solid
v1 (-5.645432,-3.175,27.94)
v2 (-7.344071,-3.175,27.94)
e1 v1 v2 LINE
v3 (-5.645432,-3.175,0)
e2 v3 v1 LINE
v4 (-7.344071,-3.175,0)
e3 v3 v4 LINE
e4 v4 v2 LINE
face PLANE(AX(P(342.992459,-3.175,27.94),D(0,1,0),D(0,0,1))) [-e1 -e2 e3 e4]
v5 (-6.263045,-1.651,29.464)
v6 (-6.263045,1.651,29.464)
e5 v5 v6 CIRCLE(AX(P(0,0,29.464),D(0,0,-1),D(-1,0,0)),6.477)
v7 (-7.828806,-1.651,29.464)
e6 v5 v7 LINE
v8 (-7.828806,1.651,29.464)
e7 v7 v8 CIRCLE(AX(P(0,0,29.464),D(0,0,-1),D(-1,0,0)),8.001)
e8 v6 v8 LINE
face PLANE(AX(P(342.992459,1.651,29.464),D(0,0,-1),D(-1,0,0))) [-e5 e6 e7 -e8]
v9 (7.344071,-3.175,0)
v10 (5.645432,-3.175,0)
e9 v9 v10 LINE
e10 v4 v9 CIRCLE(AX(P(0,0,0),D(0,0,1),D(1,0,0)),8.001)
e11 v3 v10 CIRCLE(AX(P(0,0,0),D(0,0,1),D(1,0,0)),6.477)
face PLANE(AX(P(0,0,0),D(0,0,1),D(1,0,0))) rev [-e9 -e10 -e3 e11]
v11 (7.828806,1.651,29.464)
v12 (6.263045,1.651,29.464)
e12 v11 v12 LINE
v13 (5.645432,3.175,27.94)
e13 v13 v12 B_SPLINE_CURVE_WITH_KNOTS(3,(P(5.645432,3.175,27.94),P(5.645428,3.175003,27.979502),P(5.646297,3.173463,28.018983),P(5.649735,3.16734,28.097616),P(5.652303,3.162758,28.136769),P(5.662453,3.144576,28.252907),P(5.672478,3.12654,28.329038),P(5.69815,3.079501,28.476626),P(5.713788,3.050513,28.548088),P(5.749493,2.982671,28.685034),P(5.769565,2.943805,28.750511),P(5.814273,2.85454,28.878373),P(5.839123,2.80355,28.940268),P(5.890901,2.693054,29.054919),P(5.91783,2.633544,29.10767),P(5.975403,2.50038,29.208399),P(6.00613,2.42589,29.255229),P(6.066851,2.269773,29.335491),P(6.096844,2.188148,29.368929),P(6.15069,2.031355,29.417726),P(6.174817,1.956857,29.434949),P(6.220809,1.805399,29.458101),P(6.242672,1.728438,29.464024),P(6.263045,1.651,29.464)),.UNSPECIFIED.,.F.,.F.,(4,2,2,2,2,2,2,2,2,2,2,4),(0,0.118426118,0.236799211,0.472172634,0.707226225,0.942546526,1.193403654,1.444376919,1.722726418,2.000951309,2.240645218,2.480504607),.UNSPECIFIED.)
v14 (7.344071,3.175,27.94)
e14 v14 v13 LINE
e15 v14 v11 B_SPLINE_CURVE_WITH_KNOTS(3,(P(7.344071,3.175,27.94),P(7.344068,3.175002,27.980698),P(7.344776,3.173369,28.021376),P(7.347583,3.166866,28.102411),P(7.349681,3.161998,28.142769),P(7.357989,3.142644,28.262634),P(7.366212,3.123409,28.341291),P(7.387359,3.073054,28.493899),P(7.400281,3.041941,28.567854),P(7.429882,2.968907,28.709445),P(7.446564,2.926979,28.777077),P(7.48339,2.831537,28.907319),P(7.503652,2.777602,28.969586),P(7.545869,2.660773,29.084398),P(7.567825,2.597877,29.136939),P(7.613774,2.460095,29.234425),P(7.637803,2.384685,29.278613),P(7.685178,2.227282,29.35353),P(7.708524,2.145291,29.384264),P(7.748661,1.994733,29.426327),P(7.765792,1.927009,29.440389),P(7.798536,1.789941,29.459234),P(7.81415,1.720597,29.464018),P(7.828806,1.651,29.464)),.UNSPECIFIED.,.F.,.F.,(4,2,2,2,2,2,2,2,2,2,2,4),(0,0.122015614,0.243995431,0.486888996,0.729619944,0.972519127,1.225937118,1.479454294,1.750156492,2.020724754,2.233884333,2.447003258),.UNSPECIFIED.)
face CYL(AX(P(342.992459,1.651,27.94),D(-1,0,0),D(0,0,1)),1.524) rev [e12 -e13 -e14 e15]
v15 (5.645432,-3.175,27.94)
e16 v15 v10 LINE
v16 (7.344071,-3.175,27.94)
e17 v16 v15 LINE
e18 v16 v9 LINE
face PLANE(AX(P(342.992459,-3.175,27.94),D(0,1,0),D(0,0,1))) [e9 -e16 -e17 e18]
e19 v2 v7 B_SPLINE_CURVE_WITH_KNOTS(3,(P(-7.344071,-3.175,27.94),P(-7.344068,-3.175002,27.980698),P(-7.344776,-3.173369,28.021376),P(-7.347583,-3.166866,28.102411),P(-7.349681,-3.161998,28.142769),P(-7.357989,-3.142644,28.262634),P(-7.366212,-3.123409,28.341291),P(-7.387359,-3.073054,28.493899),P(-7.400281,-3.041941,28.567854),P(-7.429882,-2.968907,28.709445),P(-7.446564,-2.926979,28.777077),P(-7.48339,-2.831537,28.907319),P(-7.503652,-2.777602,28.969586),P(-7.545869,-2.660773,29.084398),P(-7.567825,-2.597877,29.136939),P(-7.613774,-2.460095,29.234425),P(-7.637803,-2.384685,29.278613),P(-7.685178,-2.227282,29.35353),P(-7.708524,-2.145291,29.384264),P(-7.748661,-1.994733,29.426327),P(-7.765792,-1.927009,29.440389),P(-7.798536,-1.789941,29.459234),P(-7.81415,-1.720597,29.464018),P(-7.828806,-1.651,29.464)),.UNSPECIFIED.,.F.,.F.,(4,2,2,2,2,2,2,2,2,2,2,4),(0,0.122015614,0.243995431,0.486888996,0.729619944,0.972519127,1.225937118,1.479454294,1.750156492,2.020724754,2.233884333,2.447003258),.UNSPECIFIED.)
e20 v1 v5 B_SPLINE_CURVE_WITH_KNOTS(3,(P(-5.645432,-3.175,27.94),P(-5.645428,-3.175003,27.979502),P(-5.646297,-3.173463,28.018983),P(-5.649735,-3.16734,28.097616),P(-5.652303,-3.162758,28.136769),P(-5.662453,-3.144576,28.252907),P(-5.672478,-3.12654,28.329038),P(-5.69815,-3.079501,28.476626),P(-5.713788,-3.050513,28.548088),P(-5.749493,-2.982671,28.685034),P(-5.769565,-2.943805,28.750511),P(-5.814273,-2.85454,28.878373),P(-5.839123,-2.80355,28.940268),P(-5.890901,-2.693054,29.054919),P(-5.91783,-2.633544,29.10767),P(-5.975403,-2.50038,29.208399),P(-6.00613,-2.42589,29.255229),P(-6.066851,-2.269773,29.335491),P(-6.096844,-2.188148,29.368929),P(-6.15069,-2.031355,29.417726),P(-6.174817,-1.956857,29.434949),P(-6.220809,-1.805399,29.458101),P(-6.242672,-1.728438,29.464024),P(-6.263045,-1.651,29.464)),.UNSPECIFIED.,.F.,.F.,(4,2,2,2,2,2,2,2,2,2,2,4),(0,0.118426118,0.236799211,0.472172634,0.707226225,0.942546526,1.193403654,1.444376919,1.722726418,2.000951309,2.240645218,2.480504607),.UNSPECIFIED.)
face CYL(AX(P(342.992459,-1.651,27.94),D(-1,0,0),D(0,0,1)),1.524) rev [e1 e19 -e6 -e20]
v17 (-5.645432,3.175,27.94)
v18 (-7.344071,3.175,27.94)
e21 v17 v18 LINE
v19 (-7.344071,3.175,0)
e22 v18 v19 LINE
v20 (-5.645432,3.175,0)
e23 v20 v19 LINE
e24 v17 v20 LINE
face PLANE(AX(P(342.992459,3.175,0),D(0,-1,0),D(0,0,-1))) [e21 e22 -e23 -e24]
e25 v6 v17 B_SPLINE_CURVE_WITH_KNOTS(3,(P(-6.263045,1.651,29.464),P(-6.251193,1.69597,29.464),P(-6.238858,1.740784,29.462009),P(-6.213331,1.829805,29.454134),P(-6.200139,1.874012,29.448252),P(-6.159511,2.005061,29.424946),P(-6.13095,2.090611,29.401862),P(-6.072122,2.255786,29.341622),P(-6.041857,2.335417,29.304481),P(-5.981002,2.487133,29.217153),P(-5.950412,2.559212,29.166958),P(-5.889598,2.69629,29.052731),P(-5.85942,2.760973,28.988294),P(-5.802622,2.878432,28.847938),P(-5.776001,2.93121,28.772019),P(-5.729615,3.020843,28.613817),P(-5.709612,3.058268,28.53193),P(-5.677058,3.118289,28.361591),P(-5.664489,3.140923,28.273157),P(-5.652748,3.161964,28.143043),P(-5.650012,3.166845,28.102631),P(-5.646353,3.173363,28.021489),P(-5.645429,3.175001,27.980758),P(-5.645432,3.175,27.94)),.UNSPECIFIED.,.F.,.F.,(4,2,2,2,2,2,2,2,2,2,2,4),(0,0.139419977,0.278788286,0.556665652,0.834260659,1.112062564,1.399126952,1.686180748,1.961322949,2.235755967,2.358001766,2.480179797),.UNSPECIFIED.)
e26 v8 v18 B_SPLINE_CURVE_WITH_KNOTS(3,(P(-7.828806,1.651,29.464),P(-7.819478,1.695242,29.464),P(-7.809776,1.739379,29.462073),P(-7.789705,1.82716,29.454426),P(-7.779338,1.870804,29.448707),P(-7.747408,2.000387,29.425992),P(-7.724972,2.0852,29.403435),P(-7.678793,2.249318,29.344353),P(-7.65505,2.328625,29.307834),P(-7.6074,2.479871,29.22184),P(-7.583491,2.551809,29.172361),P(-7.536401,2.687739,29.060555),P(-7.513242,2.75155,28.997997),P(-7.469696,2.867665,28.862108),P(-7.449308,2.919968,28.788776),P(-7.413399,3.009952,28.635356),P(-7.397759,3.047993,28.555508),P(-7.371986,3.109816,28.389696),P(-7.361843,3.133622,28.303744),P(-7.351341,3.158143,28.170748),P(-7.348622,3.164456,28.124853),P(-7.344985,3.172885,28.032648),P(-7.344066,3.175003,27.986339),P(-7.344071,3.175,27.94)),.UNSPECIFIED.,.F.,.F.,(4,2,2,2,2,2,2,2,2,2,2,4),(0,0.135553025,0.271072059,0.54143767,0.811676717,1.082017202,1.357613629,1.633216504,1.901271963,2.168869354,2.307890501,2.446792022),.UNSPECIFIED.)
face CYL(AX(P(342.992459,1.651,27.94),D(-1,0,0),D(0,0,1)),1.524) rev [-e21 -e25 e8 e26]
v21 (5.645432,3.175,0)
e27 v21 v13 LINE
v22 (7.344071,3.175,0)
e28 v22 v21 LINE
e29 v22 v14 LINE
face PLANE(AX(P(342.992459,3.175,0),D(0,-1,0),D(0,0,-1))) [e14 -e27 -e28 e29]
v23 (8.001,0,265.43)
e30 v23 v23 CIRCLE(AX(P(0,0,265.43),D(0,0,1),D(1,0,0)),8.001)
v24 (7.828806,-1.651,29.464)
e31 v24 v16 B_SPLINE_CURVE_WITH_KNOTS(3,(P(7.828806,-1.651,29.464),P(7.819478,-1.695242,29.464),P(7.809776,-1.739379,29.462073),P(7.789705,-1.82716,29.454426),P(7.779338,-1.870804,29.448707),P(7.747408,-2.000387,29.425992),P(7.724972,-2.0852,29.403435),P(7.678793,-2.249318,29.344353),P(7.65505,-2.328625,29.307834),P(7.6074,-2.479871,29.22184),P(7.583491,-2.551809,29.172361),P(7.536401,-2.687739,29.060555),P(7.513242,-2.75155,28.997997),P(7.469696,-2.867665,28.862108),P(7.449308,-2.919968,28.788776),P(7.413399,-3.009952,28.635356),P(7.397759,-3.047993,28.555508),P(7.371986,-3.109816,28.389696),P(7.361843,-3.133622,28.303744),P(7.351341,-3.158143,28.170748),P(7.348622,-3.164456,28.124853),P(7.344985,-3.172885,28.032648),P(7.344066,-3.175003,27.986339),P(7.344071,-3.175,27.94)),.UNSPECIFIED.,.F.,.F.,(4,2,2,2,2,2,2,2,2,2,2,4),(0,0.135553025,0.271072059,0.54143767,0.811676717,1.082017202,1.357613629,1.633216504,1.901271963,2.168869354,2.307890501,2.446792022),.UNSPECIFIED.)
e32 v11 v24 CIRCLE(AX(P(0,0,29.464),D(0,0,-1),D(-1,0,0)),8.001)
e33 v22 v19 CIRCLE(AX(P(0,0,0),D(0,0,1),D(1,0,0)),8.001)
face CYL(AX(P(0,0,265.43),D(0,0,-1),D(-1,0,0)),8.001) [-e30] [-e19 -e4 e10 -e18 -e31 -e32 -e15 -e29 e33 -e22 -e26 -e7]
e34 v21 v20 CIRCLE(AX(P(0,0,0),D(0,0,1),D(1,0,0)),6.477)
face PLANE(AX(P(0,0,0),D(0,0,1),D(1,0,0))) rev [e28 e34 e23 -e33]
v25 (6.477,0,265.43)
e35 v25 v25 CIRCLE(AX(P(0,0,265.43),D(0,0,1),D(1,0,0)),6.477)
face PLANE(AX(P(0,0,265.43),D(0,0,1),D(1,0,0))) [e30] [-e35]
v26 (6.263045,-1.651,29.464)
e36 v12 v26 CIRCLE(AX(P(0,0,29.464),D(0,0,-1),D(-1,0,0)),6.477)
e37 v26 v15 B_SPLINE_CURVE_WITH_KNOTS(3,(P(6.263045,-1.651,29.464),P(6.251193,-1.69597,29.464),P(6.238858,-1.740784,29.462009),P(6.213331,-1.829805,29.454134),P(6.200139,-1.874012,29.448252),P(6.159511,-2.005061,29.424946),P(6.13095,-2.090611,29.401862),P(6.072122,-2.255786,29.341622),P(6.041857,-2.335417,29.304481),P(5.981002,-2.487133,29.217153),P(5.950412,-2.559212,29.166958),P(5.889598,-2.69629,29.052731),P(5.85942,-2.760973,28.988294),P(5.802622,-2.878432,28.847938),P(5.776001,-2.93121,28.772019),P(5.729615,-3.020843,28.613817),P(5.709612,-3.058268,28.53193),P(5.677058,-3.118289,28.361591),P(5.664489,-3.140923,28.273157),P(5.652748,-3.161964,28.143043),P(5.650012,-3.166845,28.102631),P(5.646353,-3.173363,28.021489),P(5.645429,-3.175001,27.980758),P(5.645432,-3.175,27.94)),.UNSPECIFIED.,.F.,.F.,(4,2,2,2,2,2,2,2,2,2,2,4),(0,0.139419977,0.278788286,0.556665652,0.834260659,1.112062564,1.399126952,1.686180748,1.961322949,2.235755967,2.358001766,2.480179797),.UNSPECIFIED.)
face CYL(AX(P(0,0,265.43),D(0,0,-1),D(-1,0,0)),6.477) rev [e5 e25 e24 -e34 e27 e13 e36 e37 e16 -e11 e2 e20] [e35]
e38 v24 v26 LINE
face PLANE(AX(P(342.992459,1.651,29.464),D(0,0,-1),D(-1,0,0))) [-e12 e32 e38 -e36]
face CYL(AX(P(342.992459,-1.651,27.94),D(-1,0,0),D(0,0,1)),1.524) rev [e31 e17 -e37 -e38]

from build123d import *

# Parameters (mm, degrees)
SKETCH1_R               = 8.001
SKETCH1_R_2             = 6.477
BOSS_EXTRUDE1_DEPTH     = 265.43
CUT_EXTRUDE1_DEPTH      = 266.671068997
CUT_EXTRUDE1_DEPTH_BACK = 266.671068997


with BuildPart() as part:
    # Sketch1 → Boss-Extrude1 (new body)
    with BuildSketch(Plane.XY):
        Circle(SKETCH1_R)
        Circle(SKETCH1_R_2, mode=Mode.SUBTRACT)
    extrude(amount=BOSS_EXTRUDE1_DEPTH)

    # Sketch2 → Cut-Extrude1 (cut, two sides: drawn at the far end of the back side and taken through both)
    with BuildSketch(Plane(origin=(0, 0, 0), x_dir=(0, 0, -1), z_dir=(1, 0, 0)).offset(-CUT_EXTRUDE1_DEPTH_BACK)):
        with BuildLine():
            Line((541.330360044, 3.175), (0, 3.175))
            Line((0, 3.175), (-27.94, 3.175))
            ThreePointArc((-27.94, 3.175), (-29.017630735, 2.728630735), (-29.464, 1.651))
            Line((-29.464, 1.651), (-29.464, -1.651))
            ThreePointArc((-29.464, -1.651), (-29.017630735, -2.728630735), (-27.94, -3.175))
            Line((-27.94, -3.175), (0, -3.175))
            Line((0, -3.175), (541.330360044, -3.175))
            Line((541.330360044, -3.175), (1623.991080131, -3.175))
            Line((1623.991080131, -3.175), (1623.991080131, 3.175))
            Line((1623.991080131, 3.175), (541.330360044, 3.175))
        make_face()
    extrude(amount=CUT_EXTRUDE1_DEPTH + CUT_EXTRUDE1_DEPTH_BACK, mode=Mode.SUBTRACT)


solid = part.part
